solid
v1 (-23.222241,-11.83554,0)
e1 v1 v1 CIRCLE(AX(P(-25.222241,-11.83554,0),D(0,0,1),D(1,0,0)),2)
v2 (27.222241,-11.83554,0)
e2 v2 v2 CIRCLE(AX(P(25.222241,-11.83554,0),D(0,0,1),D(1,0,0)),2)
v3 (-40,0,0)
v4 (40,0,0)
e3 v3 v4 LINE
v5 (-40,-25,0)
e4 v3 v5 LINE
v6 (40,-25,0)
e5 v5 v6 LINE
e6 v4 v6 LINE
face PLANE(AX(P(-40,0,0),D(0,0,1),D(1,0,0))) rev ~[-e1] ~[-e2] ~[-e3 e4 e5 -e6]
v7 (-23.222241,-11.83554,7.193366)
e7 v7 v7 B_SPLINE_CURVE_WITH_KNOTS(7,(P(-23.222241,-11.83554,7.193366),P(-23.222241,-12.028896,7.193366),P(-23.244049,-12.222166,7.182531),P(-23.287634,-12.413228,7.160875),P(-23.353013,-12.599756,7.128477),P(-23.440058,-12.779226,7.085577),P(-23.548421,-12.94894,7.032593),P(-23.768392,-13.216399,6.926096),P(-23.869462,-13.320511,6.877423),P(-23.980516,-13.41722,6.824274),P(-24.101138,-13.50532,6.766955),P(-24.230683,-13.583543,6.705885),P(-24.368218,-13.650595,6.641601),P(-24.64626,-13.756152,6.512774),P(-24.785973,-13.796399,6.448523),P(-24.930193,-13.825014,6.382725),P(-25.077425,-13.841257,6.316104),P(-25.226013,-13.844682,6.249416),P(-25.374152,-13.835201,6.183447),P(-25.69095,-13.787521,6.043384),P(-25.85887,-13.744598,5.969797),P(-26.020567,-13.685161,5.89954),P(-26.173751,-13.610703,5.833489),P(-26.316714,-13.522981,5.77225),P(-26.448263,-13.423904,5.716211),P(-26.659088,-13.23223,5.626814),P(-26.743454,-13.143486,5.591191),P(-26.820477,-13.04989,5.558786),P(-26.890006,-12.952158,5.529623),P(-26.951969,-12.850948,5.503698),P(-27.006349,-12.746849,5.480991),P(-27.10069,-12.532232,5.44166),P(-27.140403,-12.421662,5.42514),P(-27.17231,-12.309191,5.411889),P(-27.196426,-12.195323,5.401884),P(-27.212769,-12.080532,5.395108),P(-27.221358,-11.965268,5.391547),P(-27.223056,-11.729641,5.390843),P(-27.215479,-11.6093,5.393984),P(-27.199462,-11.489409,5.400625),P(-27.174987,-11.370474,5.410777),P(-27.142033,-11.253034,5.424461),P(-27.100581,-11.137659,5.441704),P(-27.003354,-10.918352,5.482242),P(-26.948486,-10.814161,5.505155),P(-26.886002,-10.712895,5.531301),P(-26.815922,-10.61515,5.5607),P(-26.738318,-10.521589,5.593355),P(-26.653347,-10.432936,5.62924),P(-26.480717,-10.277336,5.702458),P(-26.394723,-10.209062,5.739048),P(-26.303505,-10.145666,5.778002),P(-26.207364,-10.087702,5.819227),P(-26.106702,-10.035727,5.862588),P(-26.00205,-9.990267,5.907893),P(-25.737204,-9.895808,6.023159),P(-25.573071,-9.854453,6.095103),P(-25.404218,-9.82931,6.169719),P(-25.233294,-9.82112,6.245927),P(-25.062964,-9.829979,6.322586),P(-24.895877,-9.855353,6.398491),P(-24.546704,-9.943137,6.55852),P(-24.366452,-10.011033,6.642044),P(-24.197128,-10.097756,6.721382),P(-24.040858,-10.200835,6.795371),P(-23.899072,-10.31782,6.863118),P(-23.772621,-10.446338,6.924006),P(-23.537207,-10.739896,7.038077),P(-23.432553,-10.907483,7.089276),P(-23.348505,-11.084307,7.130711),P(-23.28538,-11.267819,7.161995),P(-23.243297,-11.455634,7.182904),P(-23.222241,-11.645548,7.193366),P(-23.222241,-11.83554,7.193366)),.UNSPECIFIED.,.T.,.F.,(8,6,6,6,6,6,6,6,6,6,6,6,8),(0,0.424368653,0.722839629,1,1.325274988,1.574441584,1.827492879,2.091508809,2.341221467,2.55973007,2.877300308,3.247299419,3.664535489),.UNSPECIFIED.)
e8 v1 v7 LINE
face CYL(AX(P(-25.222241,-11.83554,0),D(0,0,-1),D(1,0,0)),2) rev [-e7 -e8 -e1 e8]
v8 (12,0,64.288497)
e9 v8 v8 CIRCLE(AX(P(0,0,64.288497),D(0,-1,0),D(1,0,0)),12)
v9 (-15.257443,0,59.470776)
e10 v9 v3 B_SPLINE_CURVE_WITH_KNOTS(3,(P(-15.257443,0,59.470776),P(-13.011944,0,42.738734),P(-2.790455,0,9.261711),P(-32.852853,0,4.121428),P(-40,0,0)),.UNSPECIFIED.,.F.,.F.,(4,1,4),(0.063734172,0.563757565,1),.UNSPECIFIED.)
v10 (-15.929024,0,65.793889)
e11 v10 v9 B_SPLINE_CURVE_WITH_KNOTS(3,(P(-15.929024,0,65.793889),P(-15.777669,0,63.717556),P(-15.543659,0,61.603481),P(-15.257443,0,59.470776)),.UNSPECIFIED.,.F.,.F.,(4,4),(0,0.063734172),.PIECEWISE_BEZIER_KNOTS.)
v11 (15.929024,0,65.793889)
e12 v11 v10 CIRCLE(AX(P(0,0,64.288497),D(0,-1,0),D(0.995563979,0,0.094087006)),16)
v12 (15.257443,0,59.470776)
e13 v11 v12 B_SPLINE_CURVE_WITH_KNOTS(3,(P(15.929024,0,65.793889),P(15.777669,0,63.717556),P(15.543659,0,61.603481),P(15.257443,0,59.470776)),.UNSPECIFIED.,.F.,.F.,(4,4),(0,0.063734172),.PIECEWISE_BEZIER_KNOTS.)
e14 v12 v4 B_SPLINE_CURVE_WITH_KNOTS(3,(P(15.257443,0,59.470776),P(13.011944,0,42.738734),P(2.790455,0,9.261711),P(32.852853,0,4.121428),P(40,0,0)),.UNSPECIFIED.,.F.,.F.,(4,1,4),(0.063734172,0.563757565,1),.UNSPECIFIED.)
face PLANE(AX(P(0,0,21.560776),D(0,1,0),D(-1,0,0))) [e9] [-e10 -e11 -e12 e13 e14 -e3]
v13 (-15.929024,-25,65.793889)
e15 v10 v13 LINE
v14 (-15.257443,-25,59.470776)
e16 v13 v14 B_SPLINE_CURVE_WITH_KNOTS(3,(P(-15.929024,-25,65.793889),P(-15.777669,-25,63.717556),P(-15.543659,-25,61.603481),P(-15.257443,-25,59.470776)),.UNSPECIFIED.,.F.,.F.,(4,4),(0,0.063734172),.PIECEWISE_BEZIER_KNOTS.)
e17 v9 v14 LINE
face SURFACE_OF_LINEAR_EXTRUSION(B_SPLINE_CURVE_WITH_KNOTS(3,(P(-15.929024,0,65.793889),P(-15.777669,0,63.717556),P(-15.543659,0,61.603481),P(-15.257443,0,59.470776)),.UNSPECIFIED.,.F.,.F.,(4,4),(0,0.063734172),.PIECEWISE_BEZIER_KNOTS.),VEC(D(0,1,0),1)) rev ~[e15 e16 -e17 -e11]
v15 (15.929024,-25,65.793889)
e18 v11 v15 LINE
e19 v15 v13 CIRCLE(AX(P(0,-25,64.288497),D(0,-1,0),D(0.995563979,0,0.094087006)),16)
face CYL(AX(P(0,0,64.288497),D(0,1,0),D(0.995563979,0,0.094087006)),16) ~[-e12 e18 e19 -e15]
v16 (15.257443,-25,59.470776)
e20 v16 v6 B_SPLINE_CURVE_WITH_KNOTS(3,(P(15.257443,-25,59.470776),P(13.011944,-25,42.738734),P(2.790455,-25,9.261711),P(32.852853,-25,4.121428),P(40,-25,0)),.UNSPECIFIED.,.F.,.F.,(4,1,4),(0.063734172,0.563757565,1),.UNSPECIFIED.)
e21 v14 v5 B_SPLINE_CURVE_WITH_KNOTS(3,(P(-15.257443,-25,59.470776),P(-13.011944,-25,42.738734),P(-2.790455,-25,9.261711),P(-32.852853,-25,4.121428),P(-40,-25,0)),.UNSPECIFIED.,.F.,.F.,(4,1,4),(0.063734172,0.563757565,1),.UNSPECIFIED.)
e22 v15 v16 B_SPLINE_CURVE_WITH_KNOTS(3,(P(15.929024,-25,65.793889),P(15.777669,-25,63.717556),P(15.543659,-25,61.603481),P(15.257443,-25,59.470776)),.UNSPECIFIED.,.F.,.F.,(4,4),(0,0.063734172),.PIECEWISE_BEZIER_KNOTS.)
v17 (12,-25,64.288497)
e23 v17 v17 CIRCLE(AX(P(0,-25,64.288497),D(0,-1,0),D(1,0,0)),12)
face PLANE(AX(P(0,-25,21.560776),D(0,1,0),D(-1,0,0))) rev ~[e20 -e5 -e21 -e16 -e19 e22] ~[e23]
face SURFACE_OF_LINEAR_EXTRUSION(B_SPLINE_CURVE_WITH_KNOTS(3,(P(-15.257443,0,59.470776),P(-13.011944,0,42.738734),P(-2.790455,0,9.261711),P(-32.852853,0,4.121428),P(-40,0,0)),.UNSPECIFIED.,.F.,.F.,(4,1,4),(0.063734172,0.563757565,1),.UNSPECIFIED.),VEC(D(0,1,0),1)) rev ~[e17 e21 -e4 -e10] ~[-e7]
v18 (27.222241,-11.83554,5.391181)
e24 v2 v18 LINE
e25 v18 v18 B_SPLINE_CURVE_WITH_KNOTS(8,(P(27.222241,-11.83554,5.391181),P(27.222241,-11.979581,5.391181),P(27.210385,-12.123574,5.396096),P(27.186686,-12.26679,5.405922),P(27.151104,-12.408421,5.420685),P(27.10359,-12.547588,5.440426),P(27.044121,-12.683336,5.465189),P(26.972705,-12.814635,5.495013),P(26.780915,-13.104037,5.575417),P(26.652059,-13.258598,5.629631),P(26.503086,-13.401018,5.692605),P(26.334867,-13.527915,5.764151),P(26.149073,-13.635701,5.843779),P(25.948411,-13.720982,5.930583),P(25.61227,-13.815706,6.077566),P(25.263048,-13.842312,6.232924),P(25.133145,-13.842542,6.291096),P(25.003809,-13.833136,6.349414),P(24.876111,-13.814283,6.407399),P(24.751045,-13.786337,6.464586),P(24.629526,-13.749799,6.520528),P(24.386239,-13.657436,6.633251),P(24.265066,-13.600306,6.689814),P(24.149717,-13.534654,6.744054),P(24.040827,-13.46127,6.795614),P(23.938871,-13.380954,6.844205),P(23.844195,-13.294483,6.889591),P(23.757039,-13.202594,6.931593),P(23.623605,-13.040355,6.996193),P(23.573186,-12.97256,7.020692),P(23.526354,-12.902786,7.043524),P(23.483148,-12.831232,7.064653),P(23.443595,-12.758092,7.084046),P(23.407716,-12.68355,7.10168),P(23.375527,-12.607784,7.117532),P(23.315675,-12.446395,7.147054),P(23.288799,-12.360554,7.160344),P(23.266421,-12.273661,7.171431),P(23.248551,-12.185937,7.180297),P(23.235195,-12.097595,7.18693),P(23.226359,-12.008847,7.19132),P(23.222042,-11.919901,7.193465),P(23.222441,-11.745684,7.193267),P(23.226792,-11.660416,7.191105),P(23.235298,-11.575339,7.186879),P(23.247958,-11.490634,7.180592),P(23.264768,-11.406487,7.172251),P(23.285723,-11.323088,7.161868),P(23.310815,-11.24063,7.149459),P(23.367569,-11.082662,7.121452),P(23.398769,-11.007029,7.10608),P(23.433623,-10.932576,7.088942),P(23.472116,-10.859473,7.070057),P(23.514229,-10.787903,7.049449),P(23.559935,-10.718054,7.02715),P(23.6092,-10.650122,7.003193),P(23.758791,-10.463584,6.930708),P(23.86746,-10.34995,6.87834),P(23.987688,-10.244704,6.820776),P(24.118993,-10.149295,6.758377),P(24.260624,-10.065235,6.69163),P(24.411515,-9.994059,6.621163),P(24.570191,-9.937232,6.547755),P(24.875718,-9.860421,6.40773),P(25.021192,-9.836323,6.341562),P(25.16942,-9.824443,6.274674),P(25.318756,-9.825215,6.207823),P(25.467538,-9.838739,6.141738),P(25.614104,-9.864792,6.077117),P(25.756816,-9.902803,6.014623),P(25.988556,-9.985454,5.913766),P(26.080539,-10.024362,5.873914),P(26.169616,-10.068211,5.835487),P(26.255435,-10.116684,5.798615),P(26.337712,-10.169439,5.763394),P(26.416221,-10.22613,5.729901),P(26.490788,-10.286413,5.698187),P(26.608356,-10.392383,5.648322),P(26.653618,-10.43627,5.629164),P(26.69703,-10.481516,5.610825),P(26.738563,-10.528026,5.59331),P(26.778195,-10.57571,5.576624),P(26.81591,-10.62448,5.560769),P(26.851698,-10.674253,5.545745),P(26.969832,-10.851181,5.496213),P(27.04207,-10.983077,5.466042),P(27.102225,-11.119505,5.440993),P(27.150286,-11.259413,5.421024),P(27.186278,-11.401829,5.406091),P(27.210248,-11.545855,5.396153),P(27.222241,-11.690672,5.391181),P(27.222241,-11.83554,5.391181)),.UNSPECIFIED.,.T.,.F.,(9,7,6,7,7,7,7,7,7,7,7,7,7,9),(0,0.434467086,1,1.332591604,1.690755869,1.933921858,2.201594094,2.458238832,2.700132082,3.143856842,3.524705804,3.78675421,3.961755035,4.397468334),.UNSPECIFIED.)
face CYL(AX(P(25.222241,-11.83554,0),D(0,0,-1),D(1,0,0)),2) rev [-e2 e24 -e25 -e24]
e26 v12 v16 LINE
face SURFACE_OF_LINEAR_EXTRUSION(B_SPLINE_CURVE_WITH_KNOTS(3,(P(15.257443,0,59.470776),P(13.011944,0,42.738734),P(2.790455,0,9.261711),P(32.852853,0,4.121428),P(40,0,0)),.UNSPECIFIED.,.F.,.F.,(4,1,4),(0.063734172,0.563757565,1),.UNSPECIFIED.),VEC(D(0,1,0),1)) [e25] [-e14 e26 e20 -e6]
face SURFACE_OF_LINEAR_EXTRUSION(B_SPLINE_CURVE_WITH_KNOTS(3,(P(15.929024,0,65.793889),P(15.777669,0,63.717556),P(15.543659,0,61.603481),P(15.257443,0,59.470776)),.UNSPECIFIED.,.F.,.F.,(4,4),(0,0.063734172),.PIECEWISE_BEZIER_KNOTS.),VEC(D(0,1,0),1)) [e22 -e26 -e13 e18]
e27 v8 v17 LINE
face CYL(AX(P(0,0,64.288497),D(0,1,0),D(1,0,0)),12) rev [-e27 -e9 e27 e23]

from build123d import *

# Parameters (mm, degrees)
F0_R     = 12
F1_DEPTH = 25
F2_R     = 2
F3_DEPTH = 62.5


with BuildPart() as f1:
    # F0 (on Front) → F1 (new body)
    with BuildSketch(Plane.XZ):
        with BuildLine():
            add(Edge.make_bspline(
                [(15.2574428175, 59.4707756558), (13.011943595, 42.7387344513), (2.790454913, 9.2617114261), (32.852853083, 4.1214281812), (40, 0)],
                knots=[0.0637341717, 0.0637341717, 0.0637341717, 0.0637341717, 0.5637575646, 1, 1, 1, 1], degree=3))
            ThreePointArc((15.2574428175, 59.4707756558), (0, 48.2884969711), (-15.2574428175, 59.4707756558))
            add(Edge.make_bspline(
                [(-15.2574428175, 59.4707756558), (-13.011943595, 42.7387344513), (-2.790454913, 9.2617114261), (-32.852853083, 4.1214281812), (-40, 0)],
                knots=[0.0637341717, 0.0637341717, 0.0637341717, 0.0637341717, 0.5637575646, 1, 1, 1, 1], degree=3))
            Line((-40, 0), (0, 0))
            Line((0, 0), (40, 0))
        make_face()
        with BuildLine():
            add(Edge.make_bspline(
                [(15.9290236562, 65.7938890667), (15.7776691095, 63.7175564989), (15.5436594923, 61.6034814477), (15.2574428175, 59.4707756558)],
                knots=[0, 0, 0, 0, 0.0637341717, 0.0637341717, 0.0637341717, 0.0637341717], degree=3))
            ThreePointArc((15.9290236562, 65.7938890667), (0, 80.2884969711), (-15.9290236562, 65.7938890667))
            add(Edge.make_bspline(
                [(-15.9290236562, 65.7938890667), (-15.7776691095, 63.7175564989), (-15.5436594923, 61.6034814476), (-15.2574428175, 59.4707756558)],
                knots=[0, 0, 0, 0, 0.0637341717, 0.0637341717, 0.0637341717, 0.0637341717], degree=3))
            ThreePointArc((-15.2574428175, 59.4707756558), (0, 48.2884969711), (15.2574428175, 59.4707756558))
        make_face()
        with Locations((0, 64.2884969711)):
            Circle(F0_R, mode=Mode.SUBTRACT)
    extrude(amount=F1_DEPTH)

    # F2 (on Top) → F3 (cut)
    with BuildSketch(Plane.XY):
        with Locations((25.2222406023, -11.8355397135)):
            Circle(F2_R)
        with Locations((-25.2222406023, -11.8355397135)):
            Circle(F2_R)
    extrude(amount=F3_DEPTH, mode=Mode.SUBTRACT)


solid = f1.part
